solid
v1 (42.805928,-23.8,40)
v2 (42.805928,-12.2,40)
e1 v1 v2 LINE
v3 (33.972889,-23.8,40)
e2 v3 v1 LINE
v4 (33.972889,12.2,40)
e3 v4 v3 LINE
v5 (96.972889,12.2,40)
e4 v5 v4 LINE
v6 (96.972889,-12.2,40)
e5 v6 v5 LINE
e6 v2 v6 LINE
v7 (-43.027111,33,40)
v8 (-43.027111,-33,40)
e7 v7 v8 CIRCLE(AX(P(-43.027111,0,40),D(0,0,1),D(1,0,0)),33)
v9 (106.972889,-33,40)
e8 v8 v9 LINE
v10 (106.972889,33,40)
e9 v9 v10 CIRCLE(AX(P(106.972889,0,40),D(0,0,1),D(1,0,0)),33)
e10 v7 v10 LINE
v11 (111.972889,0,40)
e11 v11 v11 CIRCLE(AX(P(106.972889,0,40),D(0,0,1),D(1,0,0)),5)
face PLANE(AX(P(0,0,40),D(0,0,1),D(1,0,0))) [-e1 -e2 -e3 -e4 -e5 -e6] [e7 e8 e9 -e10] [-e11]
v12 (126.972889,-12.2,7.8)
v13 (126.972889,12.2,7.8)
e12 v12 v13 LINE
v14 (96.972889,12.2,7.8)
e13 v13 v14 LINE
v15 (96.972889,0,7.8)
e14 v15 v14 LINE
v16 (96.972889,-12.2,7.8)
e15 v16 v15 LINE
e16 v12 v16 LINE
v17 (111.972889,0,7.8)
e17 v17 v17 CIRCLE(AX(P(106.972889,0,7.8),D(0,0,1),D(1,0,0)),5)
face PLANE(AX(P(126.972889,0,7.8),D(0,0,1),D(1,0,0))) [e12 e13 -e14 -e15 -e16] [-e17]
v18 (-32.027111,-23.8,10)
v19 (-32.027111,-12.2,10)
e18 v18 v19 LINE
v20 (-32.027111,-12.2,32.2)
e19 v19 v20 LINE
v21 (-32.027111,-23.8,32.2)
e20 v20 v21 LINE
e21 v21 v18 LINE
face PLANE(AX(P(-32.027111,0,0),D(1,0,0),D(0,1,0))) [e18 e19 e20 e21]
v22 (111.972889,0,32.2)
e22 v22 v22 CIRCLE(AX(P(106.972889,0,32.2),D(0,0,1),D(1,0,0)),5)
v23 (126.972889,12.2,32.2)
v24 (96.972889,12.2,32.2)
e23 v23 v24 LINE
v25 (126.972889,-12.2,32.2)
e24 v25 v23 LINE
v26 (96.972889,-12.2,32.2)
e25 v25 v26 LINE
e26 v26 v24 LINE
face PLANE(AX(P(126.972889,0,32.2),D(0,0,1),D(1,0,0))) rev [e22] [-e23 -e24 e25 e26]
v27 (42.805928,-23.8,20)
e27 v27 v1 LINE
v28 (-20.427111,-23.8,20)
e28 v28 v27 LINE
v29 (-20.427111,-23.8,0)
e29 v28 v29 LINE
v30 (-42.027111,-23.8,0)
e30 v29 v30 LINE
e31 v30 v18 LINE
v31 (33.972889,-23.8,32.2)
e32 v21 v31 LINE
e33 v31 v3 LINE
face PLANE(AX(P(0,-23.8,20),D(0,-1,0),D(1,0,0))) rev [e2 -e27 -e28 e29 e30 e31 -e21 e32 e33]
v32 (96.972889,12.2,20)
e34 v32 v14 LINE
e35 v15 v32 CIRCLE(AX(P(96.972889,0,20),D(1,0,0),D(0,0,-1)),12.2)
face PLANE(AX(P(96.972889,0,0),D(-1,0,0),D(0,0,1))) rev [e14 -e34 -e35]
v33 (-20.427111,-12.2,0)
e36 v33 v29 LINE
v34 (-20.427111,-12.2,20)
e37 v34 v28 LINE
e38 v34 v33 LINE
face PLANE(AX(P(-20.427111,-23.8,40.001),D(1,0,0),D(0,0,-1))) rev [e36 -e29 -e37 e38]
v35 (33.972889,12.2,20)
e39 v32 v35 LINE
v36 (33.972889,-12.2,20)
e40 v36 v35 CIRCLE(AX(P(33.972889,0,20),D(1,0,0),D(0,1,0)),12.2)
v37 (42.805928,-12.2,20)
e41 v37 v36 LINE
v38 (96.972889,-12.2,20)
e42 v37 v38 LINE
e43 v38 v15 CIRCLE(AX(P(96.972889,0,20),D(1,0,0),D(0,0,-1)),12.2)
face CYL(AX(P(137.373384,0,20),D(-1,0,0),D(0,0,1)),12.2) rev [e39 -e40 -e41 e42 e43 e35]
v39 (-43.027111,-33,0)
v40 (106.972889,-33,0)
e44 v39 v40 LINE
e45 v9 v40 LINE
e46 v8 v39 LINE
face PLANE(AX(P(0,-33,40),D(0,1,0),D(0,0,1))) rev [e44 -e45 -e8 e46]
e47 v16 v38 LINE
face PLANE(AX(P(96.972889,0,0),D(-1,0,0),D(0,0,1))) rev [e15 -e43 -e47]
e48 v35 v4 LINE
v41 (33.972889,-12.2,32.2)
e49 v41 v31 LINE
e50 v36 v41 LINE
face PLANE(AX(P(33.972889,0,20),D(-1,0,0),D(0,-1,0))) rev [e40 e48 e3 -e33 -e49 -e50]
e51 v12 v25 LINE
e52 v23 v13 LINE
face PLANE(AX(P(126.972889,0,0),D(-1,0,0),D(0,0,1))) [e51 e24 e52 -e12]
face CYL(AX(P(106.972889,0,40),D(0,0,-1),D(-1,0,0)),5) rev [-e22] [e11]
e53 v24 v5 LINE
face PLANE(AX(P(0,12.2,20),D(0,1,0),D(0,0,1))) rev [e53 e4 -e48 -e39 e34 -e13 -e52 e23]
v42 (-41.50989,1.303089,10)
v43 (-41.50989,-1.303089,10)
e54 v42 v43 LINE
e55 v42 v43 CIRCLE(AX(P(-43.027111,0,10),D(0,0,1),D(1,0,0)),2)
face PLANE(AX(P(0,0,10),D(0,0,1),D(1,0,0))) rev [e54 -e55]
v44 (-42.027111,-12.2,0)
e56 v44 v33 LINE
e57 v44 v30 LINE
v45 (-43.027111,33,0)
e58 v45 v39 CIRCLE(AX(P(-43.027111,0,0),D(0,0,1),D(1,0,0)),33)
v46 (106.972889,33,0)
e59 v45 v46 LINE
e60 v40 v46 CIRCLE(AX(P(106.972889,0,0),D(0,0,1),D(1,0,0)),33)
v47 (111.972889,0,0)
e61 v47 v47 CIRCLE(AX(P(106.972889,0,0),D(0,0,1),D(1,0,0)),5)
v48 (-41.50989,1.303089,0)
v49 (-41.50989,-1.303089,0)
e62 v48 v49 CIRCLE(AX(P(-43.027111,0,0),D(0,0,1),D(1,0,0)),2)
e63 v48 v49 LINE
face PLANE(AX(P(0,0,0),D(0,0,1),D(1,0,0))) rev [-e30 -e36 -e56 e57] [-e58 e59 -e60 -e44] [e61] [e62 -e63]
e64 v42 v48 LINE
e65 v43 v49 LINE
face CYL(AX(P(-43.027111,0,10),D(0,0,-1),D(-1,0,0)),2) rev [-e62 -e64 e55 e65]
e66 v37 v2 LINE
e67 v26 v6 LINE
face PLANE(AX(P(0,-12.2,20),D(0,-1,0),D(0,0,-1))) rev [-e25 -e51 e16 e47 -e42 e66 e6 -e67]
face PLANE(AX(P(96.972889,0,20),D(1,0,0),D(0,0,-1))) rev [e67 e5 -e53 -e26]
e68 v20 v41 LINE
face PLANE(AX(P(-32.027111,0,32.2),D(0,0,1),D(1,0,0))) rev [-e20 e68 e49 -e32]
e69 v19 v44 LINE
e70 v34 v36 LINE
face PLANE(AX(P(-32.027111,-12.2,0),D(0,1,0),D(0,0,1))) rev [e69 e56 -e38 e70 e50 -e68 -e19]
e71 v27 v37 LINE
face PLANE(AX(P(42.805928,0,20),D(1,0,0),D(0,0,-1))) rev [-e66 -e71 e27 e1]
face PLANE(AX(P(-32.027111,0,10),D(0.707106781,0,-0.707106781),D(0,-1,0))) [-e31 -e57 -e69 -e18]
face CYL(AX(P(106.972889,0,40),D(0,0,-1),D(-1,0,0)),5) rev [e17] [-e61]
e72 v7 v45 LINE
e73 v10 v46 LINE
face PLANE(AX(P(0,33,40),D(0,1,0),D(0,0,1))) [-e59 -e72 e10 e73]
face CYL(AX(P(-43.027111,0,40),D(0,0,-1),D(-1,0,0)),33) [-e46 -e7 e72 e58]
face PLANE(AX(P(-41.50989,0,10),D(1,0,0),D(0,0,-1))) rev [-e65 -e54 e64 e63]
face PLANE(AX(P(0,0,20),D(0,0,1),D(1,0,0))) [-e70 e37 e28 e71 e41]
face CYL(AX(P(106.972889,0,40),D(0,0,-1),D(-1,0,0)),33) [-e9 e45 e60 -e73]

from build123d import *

# Parameters (mm, degrees)
CROQUIS1_R              = 5
SALIENTE_EXTRUIR1_DEPTH = 40
CORTAR_EXTRUIR2_DEPTH   = 10
CORTAR_EXTRUIR4_DEPTH   = 20
CROQUIS6_R              = 12.2
CORTAR_EXTRUIR6_DEPTH   = 63
CORTAR_EXTRUIR9_DEPTH   = 30
CROQUIS8_W              = 12.2
CROQUIS8_H              = 11.6
CORTAR_EXTRUIR10_DEPTH  = 66
CORTAR_EXTRUIR11_REACH  = 151.27
CROQUIS9_W              = 11.6
CROQUIS9_H              = 11.6
CHAFL_N1_SIZE           = 10


with BuildPart() as part:
    # Croquis1 → Saliente-Extruir1 (new body)
    with BuildSketch(Plane.XY):
        with BuildLine():
            Line((106.972889038, 33), (-43.027110962, 33))
            ThreePointArc((-43.027110962, 33), (-76.027110962, 0), (-43.027110962, -33))
            Line((-43.027110962, -33), (106.972889038, -33))
            ThreePointArc((106.972889038, -33), (139.972889038, 0), (106.972889038, 33))
        make_face()
        with Locations((106.972889038, 0)):
            Circle(CROQUIS1_R, mode=Mode.SUBTRACT)
    extrude(amount=SALIENTE_EXTRUIR1_DEPTH)

    # Croquis1<4> → Cortar-Extruir2 (cut)
    with BuildSketch(Plane.XY):
        with BuildLine():
            Line((-41.509889959, -1.303088803), (-41.509889959, 1.303088803))
            ThreePointArc((-41.509889959, 1.303088803), (-45.027110962, 0), (-41.509889959, -1.303088803))
        make_face()
    extrude(amount=CORTAR_EXTRUIR2_DEPTH, mode=Mode.SUBTRACT)

    # Croquis5 → Cortar-Extruir4 (cut)
    with BuildSketch(Plane.XY.offset(40)):
        Polygon((96.972889038, -12.2), (96.972889038, 12.2), (33.972889038, 12.2), (33.972889038, -23.8), (42.805927542, -23.8), (42.805927542, -12.2), align=None)
    extrude(amount=-CORTAR_EXTRUIR4_DEPTH, mode=Mode.SUBTRACT)

    # Croquis6 → Cortar-Extruir6 (cut)
    with BuildSketch(Plane(origin=(33.972889038, 0, 0), x_dir=(0, 0, -1), z_dir=(1, 0, 0))):
        with Locations((-20, 0)):
            Circle(CROQUIS6_R)
        with BuildLine():
            ThreePointArc((-20, -12.2), (-32.2, 0), (-20, 12.2))
            Line((-20, 12.2), (-40, 12.2))
            Line((-40, 12.2), (-40, -12.2))
            Line((-40, -12.2), (-20, -12.2))
        make_face()
    extrude(amount=CORTAR_EXTRUIR6_DEPTH, mode=Mode.SUBTRACT)

    # Croquis7 → Cortar-Extruir9 (cut)
    with BuildSketch(Plane.ZY.offset(-96.972889038)):
        with BuildLine():
            ThreePointArc((7.8, -3.1e-08), (11.37329728, -8.626702741), (20, -12.2))
            Line((20, -12.2), (32.2, -12.2))
            Line((32.2, -12.2), (32.2, 12.2))
            Line((32.2, 12.2), (20, 12.2))
            ThreePointArc((20, 12.2), (11.373297259, 8.62670272), (7.8, -3.1e-08))
        make_face()
        with BuildLine():
            Line((7.8, -12.2), (20, -12.2))
            ThreePointArc((20, -12.2), (11.37329728, -8.626702741), (7.8, -3.1e-08))
            Line((7.8, -3.1e-08), (7.8, -12.2))
        make_face()
        with BuildLine():
            Line((7.8, 12.2), (7.8, -3.1e-08))
            ThreePointArc((7.8, -3.1e-08), (11.373297259, 8.62670272), (20, 12.2))
            Line((20, 12.2), (7.8, 12.2))
        make_face()
    extrude(amount=-CORTAR_EXTRUIR9_DEPTH, mode=Mode.SUBTRACT)

    # Croquis8 → Cortar-Extruir10 (cut)
    with BuildSketch(Plane(origin=(33.972889038, 0, 0), x_dir=(0, 0, -1), z_dir=(1, 0, 0))):
        with Locations((-26.1, -18)):
            Rectangle(CROQUIS8_W, CROQUIS8_H)
    extrude(amount=-CORTAR_EXTRUIR10_DEPTH, mode=Mode.SUBTRACT)

    # Croquis9 → Cortar-Extruir11 (cut, up to next)
    with BuildSketch(Plane(origin=(0, 0, 0), x_dir=(-1, 0, 0), z_dir=(0, 0, -1)), mode=Mode.PRIVATE) as cortar_extruir11_sk1:
        with Locations((26.227110962, -18)):
            Rectangle(CROQUIS9_W, CROQUIS9_H)
    cortar_extruir11_tool1 = extrude(cortar_extruir11_sk1.sketch, amount=-CORTAR_EXTRUIR11_REACH, mode=Mode.PRIVATE) & part.part
    add(cortar_extruir11_tool1.solids().sort_by_distance((-26.227111, -18, 0))[0], mode=Mode.SUBTRACT)

    # Chaflán1
    chafl_n1_edges = [part.edges().sort_by_distance(p)[0] for p in [
        (-32.027110962, -18, 0),
    ]]
    chamfer(chafl_n1_edges, length=CHAFL_N1_SIZE)


solid = part.part
